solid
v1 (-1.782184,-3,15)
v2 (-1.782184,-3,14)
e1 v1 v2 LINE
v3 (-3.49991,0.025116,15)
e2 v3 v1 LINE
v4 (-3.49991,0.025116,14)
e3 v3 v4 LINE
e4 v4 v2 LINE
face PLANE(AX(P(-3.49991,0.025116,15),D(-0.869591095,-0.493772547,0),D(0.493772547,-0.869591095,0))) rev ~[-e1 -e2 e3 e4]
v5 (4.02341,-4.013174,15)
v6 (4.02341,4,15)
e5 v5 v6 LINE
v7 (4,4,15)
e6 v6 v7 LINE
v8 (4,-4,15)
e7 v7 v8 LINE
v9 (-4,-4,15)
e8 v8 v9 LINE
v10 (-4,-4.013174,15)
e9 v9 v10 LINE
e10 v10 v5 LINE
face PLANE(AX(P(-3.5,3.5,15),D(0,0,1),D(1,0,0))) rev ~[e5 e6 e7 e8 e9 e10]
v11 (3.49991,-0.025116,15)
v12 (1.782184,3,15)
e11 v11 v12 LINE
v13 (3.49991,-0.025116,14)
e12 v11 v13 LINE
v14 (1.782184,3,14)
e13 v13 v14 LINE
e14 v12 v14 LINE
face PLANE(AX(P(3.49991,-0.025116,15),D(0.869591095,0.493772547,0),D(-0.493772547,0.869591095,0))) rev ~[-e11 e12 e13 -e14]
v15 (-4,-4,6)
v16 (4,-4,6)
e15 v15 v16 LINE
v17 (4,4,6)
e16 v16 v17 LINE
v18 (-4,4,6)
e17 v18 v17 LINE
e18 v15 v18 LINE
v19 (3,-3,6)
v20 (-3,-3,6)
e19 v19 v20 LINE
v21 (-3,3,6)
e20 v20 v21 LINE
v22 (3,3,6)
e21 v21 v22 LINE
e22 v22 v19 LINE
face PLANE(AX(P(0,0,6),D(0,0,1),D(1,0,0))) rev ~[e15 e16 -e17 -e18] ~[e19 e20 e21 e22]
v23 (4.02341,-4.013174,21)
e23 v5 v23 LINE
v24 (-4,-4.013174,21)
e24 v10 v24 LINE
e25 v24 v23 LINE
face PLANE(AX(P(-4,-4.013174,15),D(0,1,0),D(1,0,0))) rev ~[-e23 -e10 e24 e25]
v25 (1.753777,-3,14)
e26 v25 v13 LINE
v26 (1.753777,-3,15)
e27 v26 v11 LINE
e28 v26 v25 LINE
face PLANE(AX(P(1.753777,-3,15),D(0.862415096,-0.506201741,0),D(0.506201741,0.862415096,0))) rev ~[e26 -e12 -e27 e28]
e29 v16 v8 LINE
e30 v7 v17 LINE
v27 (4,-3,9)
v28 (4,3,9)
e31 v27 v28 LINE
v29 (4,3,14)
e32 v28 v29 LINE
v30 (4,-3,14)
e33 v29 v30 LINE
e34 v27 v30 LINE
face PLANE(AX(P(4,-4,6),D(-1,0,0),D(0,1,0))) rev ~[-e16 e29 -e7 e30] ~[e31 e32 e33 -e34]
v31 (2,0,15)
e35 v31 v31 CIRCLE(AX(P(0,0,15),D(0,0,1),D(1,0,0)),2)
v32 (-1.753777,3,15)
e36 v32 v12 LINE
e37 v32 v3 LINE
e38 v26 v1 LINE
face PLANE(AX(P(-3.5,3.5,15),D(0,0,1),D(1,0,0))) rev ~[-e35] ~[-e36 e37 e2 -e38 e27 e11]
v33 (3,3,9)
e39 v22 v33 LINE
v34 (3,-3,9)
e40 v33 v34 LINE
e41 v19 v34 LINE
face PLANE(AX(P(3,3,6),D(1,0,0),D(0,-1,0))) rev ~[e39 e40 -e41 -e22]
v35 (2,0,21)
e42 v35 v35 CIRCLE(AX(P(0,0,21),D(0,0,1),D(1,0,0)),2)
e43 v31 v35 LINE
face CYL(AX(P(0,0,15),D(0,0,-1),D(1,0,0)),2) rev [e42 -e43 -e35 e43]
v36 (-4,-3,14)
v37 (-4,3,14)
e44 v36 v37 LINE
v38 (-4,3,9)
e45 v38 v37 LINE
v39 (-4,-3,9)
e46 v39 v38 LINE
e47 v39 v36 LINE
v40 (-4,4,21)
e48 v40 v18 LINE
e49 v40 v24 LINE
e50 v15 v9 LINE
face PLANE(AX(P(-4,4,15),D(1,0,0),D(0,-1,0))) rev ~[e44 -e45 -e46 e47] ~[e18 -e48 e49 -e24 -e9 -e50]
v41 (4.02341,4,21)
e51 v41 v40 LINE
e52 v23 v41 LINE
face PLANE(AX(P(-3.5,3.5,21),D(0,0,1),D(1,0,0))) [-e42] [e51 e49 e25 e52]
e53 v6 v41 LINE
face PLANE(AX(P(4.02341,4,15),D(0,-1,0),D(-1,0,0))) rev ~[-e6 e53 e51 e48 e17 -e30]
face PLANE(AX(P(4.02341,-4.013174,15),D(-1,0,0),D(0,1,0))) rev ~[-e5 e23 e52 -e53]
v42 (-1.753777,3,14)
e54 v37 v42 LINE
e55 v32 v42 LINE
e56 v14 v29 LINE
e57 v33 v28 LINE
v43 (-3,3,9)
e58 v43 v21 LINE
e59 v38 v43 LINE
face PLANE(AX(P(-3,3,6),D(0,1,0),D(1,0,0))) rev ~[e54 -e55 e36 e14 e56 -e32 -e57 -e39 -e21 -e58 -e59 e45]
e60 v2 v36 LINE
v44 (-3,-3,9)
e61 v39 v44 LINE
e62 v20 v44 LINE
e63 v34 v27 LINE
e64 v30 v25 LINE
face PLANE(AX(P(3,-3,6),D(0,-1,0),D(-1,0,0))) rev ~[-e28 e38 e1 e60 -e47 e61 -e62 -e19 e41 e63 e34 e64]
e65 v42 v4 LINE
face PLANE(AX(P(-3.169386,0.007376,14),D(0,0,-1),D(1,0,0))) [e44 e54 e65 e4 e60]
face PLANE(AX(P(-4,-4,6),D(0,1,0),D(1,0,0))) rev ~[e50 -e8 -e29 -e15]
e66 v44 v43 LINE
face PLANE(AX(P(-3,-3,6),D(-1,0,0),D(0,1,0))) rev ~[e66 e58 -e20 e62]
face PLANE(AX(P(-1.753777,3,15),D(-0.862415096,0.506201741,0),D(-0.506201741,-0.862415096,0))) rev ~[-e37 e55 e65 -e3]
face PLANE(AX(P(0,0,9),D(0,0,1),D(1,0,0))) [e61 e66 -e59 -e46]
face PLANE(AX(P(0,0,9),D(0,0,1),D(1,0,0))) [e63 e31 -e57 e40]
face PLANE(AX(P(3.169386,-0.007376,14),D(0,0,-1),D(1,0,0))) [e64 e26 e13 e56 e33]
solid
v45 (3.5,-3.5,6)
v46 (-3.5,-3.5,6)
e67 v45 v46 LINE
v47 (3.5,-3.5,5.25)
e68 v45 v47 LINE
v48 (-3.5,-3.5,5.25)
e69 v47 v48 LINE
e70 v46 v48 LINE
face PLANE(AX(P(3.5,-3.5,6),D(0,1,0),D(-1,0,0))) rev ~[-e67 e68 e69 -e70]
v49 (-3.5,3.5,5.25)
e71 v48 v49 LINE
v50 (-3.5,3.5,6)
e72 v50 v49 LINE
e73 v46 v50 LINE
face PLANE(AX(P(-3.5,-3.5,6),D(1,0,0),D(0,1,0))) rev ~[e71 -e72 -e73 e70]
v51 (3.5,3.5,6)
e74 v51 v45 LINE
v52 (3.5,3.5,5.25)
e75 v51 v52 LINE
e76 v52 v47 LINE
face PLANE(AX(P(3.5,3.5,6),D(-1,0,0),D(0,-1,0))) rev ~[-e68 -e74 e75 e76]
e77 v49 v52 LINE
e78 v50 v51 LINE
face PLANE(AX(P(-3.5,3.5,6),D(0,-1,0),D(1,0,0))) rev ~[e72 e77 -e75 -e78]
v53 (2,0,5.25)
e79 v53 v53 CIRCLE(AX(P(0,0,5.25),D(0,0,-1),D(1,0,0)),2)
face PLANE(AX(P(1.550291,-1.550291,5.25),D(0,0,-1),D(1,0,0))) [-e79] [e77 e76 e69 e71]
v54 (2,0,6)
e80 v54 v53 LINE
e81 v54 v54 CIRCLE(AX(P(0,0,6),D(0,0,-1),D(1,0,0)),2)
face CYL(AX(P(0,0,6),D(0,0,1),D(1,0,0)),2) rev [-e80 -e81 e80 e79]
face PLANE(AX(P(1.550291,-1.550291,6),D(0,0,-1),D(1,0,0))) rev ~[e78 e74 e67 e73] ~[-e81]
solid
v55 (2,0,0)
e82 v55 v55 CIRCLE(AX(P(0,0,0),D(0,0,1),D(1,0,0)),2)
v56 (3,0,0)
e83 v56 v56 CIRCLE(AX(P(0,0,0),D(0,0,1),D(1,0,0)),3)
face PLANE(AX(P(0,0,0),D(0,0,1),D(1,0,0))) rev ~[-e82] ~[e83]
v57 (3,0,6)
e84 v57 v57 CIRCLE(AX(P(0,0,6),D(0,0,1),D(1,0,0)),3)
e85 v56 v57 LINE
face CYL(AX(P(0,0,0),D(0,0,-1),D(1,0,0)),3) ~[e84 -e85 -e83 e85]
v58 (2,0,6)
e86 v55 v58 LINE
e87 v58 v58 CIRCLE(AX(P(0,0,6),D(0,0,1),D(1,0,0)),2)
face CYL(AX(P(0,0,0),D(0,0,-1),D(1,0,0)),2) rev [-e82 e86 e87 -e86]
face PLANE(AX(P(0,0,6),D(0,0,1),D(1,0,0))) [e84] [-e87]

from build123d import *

# Parameters (mm, degrees)
F0_R      = 3
F0_R_2    = 2
F1_DEPTH  = 6
F2_W      = 8
F2_H      = 8
F3_DEPTH  = 3
F4_W      = 6
F4_H      = 6
F4_R      = 2
F5_DEPTH  = 0.75
F6_W      = 1
F6_H      = 1
F7_DEPTH  = 6
F8_W      = 1
F8_H      = 1
F8_R      = 2
F9_DEPTH  = 6
F10_W     = 6
F10_H     = 1
F11_DEPTH = 7.62
F13_DEPTH = 1


with BuildPart() as f1:
    # F0 (on Top) → F1 (new body)
    with BuildSketch(Plane.XY):
        Circle(F0_R)
        Circle(F0_R_2, mode=Mode.SUBTRACT)
    extrude(amount=F1_DEPTH)


with BuildPart() as f3:
    # F2 (on face) → F3 (new body)
    with BuildSketch(Plane.XY.offset(6)):
        Rectangle(F2_W, F2_H)
        Polygon((0, 3), (3, 3), (3, 0), (3, -3), (0, -3), (-3, -3), (-3, 0), (-3, 3), align=None, mode=Mode.SUBTRACT)
    extrude(amount=F3_DEPTH)

    # F6 (on face) → F7 (join)
    with BuildSketch(Plane.XY.offset(9)):
        with Locations((-3.5, 3.5)):
            Rectangle(F6_W, F6_H)
        with Locations((3.5, 3.5)):
            Rectangle(F6_W, F6_H)
        with Locations((3.5, -3.5)):
            Rectangle(F6_W, F6_H)
        with Locations((-3.5, -3.5)):
            Rectangle(F6_W, F6_H)
    extrude(amount=F7_DEPTH)

    # F8 (on face) → F9 (join)
    with BuildSketch(Plane.XY.offset(15)):
        with Locations((-3.5, 3.5)):
            Rectangle(F8_W, F8_H)
        Polygon((4.02341, 4), (-3, 4), (-3, 3), (-4, 3), (-4, -4.013174), (4.02341, -4.013174), align=None)
        Circle(F8_R, mode=Mode.SUBTRACT)
    extrude(amount=F9_DEPTH)

    # F10 (on face) → F11 (join)
    with BuildSketch(Plane(origin=(0, 0, 15), x_dir=(1, 0, 0), z_dir=(0, 0, -1))):
        with Locations((0, 3.5)):
            Rectangle(F10_W, F10_H)
        with Locations((0, -3.5)):
            Rectangle(F10_W, F10_H)
    extrude(amount=F11_DEPTH)

    # F12 (on face) → F13 (join)
    with BuildSketch(Plane(origin=(0, 0, 15), x_dir=(1, 0, 0), z_dir=(0, 0, -1))):
        Polygon((-1.753777, -3), (-3.49991, -0.025116), (-1.782184, 3), (-4, 3), (-4, -3), align=None)
        Polygon((4, 3), (1.753777, 3), (3.49991, 0.025116), (1.782184, -3), (4, -3), align=None)
    extrude(amount=F13_DEPTH)


with BuildPart() as f5:
    # F4 (on face) → F5 (new body)
    with BuildSketch(Plane(origin=(0, 0, 6), x_dir=(1, 0, 0), z_dir=(0, 0, -1))):
        Polygon((3.5, 3.5), (-3.5, 3.5), (-3, 3), (3, 3), (3, -3), (3.5, -3.5), align=None)
        Rectangle(F4_W, F4_H)
        Circle(F4_R, mode=Mode.SUBTRACT)
        Polygon((-3, 3), (-3.5, 3.5), (-3.5, -3.5), (3.5, -3.5), (3, -3), (-3, -3), align=None)
    extrude(amount=F5_DEPTH)


solid = Compound([f1.part, f3.part, f5.part])
